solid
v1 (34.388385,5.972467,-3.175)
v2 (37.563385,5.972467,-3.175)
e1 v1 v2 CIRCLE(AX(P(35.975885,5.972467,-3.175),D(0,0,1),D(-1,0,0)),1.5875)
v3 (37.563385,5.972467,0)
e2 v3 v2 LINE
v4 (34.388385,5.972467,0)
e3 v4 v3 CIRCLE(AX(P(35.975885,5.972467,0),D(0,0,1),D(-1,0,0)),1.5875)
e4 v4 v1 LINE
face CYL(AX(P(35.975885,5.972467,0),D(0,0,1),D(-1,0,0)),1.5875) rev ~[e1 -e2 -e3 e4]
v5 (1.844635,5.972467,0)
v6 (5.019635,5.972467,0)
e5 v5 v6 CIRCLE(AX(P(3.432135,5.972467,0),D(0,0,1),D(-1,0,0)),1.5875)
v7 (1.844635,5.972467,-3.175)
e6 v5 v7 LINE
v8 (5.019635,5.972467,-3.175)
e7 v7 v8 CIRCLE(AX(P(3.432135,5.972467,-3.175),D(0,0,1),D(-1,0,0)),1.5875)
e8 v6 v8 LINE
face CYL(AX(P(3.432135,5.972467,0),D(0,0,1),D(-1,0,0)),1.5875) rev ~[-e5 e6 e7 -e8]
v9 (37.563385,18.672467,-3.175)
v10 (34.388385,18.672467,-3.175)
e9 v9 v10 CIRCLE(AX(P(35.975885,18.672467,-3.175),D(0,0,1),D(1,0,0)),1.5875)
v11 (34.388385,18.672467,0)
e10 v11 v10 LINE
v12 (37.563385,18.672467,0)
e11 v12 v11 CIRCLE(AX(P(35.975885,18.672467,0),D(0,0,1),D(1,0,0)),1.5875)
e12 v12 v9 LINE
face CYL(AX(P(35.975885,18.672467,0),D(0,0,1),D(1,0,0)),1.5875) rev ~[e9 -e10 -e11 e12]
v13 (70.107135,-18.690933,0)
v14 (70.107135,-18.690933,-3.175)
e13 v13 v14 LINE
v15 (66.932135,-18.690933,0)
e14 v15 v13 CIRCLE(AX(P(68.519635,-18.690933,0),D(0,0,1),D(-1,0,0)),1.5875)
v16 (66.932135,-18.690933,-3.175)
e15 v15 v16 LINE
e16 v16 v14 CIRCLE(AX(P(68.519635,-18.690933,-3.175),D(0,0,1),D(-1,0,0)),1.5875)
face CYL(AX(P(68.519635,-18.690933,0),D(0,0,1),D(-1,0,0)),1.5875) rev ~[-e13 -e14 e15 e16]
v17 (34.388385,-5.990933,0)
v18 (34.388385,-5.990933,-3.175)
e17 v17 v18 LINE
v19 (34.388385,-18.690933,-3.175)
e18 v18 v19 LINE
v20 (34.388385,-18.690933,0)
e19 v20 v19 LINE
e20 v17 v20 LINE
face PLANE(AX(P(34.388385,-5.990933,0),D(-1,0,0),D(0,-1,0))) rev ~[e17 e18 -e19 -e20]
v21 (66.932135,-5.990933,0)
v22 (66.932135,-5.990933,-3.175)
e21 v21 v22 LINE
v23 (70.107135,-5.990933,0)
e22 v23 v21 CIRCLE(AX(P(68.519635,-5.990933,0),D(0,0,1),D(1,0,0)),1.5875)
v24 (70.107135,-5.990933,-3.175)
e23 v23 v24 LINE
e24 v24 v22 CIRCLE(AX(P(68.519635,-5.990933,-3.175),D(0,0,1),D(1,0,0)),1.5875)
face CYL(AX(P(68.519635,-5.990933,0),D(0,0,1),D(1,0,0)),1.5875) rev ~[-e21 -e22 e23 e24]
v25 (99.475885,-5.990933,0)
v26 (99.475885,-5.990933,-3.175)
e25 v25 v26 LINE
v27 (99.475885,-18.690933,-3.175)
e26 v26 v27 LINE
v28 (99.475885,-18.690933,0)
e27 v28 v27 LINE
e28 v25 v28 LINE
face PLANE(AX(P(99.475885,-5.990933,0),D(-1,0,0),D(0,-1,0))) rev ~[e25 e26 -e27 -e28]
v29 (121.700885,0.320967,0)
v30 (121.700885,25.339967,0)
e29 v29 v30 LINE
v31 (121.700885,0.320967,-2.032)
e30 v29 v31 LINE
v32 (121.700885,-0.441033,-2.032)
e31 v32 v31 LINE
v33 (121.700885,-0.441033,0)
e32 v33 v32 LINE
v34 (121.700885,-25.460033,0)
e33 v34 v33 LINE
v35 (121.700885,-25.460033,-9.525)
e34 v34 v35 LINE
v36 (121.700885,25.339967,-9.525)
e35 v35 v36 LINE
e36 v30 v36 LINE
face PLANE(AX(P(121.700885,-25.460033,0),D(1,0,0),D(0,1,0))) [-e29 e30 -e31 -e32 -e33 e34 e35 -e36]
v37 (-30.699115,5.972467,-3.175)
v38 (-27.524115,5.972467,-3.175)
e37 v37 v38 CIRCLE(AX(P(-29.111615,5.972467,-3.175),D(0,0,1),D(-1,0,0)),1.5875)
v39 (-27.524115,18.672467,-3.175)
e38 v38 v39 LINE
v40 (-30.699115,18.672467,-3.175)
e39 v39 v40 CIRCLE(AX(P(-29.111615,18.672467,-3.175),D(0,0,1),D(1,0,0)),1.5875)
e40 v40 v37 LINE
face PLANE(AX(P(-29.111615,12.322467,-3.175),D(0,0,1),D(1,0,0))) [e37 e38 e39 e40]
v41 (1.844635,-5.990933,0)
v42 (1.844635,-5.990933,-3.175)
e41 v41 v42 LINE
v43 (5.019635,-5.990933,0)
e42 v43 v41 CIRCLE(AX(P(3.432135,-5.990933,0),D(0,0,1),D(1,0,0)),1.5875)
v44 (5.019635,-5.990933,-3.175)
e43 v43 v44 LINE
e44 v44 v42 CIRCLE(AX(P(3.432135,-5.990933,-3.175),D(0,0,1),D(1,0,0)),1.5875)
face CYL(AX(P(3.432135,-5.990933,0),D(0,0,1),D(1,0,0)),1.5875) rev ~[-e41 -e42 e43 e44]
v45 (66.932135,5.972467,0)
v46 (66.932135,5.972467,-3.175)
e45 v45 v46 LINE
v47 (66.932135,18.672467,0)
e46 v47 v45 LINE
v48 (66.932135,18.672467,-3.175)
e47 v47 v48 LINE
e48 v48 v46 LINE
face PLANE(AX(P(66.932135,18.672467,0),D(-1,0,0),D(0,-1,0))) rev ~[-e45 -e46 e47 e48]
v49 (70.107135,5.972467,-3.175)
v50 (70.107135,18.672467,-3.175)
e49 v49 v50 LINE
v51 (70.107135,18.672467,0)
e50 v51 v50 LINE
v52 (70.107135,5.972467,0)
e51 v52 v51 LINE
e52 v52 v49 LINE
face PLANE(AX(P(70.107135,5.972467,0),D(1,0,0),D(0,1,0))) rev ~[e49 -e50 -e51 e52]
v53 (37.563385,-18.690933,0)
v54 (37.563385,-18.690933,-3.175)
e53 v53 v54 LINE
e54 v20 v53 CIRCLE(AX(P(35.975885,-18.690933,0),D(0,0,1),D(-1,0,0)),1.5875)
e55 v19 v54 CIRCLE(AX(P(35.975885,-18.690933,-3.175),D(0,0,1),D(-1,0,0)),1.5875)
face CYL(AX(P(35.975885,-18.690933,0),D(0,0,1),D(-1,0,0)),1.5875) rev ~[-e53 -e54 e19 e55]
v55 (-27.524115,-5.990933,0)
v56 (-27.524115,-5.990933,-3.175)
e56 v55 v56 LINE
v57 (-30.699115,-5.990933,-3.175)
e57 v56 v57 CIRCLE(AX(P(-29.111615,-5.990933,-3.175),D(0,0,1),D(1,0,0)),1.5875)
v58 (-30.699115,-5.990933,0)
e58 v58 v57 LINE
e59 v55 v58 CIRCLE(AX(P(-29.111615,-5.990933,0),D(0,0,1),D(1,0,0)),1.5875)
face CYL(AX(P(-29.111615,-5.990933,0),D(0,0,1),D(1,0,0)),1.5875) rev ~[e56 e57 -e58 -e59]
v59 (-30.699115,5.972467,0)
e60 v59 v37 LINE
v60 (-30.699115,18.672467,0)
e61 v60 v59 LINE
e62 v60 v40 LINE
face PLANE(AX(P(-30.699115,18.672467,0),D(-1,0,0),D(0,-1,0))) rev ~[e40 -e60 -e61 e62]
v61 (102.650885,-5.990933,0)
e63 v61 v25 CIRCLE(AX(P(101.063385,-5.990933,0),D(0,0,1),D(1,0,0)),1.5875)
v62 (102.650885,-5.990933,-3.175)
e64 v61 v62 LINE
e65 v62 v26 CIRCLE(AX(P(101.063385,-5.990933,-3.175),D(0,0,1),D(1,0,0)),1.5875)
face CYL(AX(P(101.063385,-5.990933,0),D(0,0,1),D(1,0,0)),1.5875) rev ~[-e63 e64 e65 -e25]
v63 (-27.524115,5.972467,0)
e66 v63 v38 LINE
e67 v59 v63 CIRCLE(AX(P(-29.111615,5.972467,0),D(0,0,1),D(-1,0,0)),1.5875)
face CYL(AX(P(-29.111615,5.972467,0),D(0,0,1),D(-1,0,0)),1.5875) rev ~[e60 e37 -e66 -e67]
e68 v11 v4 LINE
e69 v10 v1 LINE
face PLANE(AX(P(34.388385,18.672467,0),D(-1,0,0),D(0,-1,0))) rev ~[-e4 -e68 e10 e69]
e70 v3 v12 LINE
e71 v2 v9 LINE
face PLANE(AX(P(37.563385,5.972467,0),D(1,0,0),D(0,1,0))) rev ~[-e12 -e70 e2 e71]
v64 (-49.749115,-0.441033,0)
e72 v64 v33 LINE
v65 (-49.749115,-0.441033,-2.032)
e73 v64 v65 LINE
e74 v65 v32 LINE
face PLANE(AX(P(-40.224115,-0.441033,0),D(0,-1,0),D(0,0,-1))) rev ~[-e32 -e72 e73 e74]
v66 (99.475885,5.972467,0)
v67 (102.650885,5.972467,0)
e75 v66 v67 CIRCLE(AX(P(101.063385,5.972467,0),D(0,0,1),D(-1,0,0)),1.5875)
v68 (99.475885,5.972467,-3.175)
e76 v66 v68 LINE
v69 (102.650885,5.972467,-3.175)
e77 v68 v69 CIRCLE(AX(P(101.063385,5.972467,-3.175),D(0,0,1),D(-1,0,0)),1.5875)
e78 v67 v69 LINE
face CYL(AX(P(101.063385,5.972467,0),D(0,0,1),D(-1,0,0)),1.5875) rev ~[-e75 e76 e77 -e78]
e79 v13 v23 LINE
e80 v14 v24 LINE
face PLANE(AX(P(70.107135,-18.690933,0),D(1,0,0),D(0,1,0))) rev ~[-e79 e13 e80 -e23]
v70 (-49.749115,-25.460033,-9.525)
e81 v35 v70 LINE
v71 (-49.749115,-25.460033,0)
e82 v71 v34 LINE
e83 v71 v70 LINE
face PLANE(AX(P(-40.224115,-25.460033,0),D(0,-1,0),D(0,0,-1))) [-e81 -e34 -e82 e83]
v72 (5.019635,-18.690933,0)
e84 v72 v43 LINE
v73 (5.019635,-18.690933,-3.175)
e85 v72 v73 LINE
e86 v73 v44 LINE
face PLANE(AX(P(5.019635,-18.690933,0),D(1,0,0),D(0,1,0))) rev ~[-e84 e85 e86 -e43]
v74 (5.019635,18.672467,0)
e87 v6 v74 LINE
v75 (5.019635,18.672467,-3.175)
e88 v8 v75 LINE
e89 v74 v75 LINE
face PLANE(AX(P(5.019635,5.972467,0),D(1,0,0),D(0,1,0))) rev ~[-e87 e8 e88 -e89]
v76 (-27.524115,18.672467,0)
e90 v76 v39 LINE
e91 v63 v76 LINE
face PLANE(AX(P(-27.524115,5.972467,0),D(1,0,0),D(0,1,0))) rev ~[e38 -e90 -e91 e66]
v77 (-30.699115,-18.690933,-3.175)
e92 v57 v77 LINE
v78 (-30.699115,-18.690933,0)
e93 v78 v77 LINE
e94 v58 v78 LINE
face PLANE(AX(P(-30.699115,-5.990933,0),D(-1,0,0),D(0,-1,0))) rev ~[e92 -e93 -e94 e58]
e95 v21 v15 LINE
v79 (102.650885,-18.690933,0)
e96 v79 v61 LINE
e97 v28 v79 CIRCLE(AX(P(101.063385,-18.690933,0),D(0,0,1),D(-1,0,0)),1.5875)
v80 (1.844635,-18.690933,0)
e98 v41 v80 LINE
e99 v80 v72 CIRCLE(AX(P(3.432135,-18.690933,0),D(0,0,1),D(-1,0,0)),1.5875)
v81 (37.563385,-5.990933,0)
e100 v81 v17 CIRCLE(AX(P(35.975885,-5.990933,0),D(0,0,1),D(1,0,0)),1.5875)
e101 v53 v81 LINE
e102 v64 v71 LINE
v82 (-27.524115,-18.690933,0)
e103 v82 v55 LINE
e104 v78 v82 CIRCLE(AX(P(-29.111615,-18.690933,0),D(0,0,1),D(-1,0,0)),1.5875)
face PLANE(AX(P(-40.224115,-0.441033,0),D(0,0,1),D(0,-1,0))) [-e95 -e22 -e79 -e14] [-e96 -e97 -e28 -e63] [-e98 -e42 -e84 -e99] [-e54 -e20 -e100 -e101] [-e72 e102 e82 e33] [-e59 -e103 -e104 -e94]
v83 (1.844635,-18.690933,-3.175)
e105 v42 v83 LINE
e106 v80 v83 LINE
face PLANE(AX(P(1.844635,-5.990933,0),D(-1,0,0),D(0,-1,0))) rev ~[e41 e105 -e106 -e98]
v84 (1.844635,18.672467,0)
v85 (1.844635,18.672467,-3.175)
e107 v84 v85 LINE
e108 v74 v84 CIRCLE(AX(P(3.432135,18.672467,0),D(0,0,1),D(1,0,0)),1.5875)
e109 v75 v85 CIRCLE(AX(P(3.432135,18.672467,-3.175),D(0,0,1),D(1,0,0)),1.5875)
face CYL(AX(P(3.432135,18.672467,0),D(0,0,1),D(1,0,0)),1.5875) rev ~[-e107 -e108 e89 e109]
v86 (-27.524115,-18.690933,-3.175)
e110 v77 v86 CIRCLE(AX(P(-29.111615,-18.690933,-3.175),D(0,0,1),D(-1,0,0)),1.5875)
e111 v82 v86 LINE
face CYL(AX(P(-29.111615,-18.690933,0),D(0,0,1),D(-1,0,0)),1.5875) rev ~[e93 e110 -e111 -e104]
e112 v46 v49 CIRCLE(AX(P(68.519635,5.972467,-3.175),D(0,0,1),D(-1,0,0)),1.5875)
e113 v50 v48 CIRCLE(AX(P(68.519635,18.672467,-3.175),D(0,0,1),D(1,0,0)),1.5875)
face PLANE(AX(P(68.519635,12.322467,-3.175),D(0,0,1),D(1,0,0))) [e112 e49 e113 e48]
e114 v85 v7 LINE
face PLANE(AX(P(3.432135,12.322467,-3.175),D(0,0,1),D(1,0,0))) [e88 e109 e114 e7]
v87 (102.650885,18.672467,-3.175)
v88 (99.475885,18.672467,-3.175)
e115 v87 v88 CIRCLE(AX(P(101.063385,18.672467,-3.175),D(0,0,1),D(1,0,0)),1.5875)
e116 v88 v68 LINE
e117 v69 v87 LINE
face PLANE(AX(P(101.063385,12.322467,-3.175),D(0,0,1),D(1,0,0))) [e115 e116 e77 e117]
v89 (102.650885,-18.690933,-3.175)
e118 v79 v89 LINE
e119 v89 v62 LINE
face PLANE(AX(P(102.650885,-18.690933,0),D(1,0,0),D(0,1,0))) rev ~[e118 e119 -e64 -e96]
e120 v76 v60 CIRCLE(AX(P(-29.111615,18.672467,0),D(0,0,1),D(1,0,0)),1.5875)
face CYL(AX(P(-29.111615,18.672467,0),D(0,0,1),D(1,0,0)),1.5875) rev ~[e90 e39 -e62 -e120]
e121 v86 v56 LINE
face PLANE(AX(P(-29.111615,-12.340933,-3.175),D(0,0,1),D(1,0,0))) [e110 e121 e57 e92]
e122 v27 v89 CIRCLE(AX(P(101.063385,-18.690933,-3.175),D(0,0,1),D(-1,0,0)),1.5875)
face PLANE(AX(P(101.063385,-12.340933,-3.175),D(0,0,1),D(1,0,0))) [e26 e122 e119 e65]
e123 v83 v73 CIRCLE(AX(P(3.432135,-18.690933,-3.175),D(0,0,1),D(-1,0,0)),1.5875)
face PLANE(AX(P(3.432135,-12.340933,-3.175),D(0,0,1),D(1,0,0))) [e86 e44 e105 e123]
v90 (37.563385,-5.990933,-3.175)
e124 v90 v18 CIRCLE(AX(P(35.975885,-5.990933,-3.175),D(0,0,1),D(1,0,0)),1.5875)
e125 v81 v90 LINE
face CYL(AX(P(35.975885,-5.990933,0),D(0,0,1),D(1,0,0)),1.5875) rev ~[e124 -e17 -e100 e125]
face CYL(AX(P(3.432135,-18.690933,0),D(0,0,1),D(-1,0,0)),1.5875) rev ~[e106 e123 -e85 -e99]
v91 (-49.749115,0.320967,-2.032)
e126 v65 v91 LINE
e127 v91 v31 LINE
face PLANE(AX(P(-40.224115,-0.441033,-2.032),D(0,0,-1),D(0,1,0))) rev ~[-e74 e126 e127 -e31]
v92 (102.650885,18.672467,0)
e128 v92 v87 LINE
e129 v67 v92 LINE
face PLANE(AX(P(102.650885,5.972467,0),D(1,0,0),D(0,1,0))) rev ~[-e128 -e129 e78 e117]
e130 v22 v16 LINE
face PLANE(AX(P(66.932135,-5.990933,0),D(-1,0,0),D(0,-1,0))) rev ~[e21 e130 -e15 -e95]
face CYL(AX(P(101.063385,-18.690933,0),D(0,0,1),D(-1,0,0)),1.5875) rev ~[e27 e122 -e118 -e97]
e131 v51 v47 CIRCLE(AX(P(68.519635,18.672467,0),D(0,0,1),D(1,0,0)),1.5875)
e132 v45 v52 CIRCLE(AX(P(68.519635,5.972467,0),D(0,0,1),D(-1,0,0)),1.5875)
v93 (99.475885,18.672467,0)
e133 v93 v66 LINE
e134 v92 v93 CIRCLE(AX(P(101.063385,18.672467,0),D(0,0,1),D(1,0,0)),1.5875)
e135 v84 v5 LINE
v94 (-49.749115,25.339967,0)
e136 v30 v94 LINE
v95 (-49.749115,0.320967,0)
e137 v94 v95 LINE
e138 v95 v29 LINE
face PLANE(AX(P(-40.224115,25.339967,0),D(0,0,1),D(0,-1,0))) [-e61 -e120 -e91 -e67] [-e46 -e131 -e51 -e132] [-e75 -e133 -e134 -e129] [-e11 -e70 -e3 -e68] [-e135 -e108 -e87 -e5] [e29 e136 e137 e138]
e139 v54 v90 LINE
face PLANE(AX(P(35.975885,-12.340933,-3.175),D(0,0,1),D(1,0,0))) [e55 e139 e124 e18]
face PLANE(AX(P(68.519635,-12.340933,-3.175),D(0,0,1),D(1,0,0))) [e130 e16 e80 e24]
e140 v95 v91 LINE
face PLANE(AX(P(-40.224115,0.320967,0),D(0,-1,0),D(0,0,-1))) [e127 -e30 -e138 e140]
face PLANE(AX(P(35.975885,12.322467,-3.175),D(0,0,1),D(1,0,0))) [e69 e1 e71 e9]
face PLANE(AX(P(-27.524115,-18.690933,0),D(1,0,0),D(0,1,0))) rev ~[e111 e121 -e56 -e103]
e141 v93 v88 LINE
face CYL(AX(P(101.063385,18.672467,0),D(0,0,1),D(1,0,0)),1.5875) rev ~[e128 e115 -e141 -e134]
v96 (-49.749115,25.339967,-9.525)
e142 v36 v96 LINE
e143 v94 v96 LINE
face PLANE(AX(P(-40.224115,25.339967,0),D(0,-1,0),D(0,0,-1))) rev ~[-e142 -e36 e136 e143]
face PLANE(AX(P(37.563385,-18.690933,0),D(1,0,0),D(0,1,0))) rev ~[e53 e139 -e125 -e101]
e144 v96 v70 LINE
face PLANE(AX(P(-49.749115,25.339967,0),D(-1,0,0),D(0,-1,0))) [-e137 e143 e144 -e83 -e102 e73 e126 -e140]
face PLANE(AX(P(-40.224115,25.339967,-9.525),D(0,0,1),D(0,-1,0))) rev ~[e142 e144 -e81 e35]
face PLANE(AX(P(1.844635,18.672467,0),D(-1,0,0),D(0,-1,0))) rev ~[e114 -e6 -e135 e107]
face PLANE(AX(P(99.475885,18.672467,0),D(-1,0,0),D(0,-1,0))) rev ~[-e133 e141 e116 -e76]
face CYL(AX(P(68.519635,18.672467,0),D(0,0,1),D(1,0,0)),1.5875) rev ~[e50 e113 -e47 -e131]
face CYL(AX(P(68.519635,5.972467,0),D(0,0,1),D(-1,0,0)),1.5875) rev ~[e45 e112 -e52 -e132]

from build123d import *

# Parameters (mm, degrees)
F0_W     = 152.4
F0_H     = 25.019
F0_H_2   = 0.762
F1_DEPTH = 9.525
F2_DEPTH = 2.032
F4_DEPTH = 3.175
F5_DEPTH = 9.525
F6_DEPTH = 9.525


with BuildPart() as f1:
    # F0 (on Top) → F1 (new body)
    with BuildSketch(Plane.XY):
        with Locations((35.9758849268, -12.9505327462)):
            Rectangle(F0_W, F0_H)
        with Locations((35.9758849268, 12.8304672538)):
            Rectangle(F0_W, F0_H)
        with Locations((35.9758849268, -0.0600327462)):
            Rectangle(F0_W, F0_H_2)
    extrude(amount=-F1_DEPTH)

    # F0 (on Top) → F2 (cut)
    with BuildSketch(Plane.XY):
        with Locations((35.9758849268, -0.0600327462)):
            Rectangle(F0_W, F0_H_2)
    extrude(amount=-F2_DEPTH, mode=Mode.SUBTRACT)

    # F3 (on face) → F4 (cut)
    with BuildSketch(Plane.XY):
        with BuildLine():
            Line((-30.6991150732, 18.6724672538), (-30.6991150732, 5.9724672538))
            ThreePointArc((-30.6991150732, 5.9724672538), (-29.1116150732, 4.3849672538), (-27.5241150732, 5.9724672538))
            Line((-27.5241150732, 5.9724672538), (-27.5241150732, 18.6724672538))
            ThreePointArc((-27.5241150732, 18.6724672538), (-29.1116150732, 20.2599672538), (-30.6991150732, 18.6724672538))
        make_face()
        with BuildLine():
            Line((99.4758849268, -5.9909327462), (99.4758849268, -18.6909327462))
            ThreePointArc((99.4758849268, -18.6909327462), (101.0633849268, -20.2784327462), (102.6508849268, -18.6909327462))
            Line((102.6508849268, -18.6909327462), (102.6508849268, -5.9909327462))
            ThreePointArc((102.6508849268, -5.9909327462), (101.0633849268, -4.4034327462), (99.4758849268, -5.9909327462))
        make_face()
        with BuildLine():
            Line((-30.6991150732, -5.9909327462), (-30.6991150732, -18.6909327462))
            ThreePointArc((-30.6991150732, -18.6909327462), (-29.1116150732, -20.2784327462), (-27.5241150732, -18.6909327462))
            Line((-27.5241150732, -18.6909327462), (-27.5241150732, -5.9909327462))
            ThreePointArc((-27.5241150732, -5.9909327462), (-29.1116150732, -4.4034327462), (-30.6991150732, -5.9909327462))
        make_face()
        with BuildLine():
            Line((1.8446349268, -5.9909327462), (1.8446349268, -18.6909327462))
            ThreePointArc((1.8446349268, -18.6909327462), (3.4321349268, -20.2784327462), (5.0196349268, -18.6909327462))
            Line((5.0196349268, -18.6909327462), (5.0196349268, -5.9909327462))
            ThreePointArc((5.0196349268, -5.9909327462), (3.4321349268, -4.4034327462), (1.8446349268, -5.9909327462))
        make_face()
        with BuildLine():
            Line((34.3883849268, -5.9909327462), (34.3883849268, -18.6909327462))
            ThreePointArc((34.3883849268, -18.6909327462), (35.9758849268, -20.2784327462), (37.5633849268, -18.6909327462))
            Line((37.5633849268, -18.6909327462), (37.5633849268, -5.9909327462))
            ThreePointArc((37.5633849268, -5.9909327462), (35.9758849268, -4.4034327462), (34.3883849268, -5.9909327462))
        make_face()
        with BuildLine():
            Line((66.9321349268, -5.9909327462), (66.9321349268, -18.6909327462))
            ThreePointArc((66.9321349268, -18.6909327462), (68.5196349268, -20.2784327462), (70.1071349268, -18.6909327462))
            Line((70.1071349268, -18.6909327462), (70.1071349268, -5.9909327462))
            ThreePointArc((70.1071349268, -5.9909327462), (68.5196349268, -4.4034327462), (66.9321349268, -5.9909327462))
        make_face()
        with BuildLine():
            Line((1.8446349268, 18.6724672538), (1.8446349268, 5.9724672538))
            ThreePointArc((1.8446349268, 5.9724672538), (3.4321349268, 4.3849672538), (5.0196349268, 5.9724672538))
            Line((5.0196349268, 5.9724672538), (5.0196349268, 18.6724672538))
            ThreePointArc((5.0196349268, 18.6724672538), (3.4321349268, 20.2599672538), (1.8446349268, 18.6724672538))
        make_face()
        with BuildLine():
            Line((34.3883849268, 18.6724672538), (34.3883849268, 5.9724672538))
            ThreePointArc((34.3883849268, 5.9724672538), (35.9758849268, 4.3849672538), (37.5633849268, 5.9724672538))
            Line((37.5633849268, 5.9724672538), (37.5633849268, 18.6724672538))
            ThreePointArc((37.5633849268, 18.6724672538), (35.9758849268, 20.2599672538), (34.3883849268, 18.6724672538))
        make_face()
        with BuildLine():
            Line((66.9321349268, 18.6724672538), (66.9321349268, 5.9724672538))
            ThreePointArc((66.9321349268, 5.9724672538), (68.5196349268, 4.3849672538), (70.1071349268, 5.9724672538))
            Line((70.1071349268, 5.9724672538), (70.1071349268, 18.6724672538))
            ThreePointArc((70.1071349268, 18.6724672538), (68.5196349268, 20.2599672538), (66.9321349268, 18.6724672538))
        make_face()
        with BuildLine():
            Line((99.4758849268, 18.6724672538), (99.4758849268, 5.9724672538))
            ThreePointArc((99.4758849268, 5.9724672538), (101.0633849268, 4.3849672538), (102.6508849268, 5.9724672538))
            Line((102.6508849268, 5.9724672538), (102.6508849268, 18.6724672538))
            ThreePointArc((102.6508849268, 18.6724672538), (101.0633849268, 20.2599672538), (99.4758849268, 18.6724672538))
        make_face()
    extrude(amount=-F4_DEPTH, mode=Mode.SUBTRACT)

    # F5 (add): a face of the model
    f5_faces = [f1.faces().sort_by_distance(p)[0] for p in [
        (112.1758849268, -0.0600327462, -4.7745272873),
    ]]
    extrude(f5_faces, amount=F5_DEPTH)

    # F6 (add): a face of the model
    f6_faces = [f1.faces().sort_by_distance(p)[0] for p in [
        (-40.2241150732, -0.0600327462, -4.7745272873),
    ]]
    extrude(f6_faces, amount=F6_DEPTH)


solid = f1.part
